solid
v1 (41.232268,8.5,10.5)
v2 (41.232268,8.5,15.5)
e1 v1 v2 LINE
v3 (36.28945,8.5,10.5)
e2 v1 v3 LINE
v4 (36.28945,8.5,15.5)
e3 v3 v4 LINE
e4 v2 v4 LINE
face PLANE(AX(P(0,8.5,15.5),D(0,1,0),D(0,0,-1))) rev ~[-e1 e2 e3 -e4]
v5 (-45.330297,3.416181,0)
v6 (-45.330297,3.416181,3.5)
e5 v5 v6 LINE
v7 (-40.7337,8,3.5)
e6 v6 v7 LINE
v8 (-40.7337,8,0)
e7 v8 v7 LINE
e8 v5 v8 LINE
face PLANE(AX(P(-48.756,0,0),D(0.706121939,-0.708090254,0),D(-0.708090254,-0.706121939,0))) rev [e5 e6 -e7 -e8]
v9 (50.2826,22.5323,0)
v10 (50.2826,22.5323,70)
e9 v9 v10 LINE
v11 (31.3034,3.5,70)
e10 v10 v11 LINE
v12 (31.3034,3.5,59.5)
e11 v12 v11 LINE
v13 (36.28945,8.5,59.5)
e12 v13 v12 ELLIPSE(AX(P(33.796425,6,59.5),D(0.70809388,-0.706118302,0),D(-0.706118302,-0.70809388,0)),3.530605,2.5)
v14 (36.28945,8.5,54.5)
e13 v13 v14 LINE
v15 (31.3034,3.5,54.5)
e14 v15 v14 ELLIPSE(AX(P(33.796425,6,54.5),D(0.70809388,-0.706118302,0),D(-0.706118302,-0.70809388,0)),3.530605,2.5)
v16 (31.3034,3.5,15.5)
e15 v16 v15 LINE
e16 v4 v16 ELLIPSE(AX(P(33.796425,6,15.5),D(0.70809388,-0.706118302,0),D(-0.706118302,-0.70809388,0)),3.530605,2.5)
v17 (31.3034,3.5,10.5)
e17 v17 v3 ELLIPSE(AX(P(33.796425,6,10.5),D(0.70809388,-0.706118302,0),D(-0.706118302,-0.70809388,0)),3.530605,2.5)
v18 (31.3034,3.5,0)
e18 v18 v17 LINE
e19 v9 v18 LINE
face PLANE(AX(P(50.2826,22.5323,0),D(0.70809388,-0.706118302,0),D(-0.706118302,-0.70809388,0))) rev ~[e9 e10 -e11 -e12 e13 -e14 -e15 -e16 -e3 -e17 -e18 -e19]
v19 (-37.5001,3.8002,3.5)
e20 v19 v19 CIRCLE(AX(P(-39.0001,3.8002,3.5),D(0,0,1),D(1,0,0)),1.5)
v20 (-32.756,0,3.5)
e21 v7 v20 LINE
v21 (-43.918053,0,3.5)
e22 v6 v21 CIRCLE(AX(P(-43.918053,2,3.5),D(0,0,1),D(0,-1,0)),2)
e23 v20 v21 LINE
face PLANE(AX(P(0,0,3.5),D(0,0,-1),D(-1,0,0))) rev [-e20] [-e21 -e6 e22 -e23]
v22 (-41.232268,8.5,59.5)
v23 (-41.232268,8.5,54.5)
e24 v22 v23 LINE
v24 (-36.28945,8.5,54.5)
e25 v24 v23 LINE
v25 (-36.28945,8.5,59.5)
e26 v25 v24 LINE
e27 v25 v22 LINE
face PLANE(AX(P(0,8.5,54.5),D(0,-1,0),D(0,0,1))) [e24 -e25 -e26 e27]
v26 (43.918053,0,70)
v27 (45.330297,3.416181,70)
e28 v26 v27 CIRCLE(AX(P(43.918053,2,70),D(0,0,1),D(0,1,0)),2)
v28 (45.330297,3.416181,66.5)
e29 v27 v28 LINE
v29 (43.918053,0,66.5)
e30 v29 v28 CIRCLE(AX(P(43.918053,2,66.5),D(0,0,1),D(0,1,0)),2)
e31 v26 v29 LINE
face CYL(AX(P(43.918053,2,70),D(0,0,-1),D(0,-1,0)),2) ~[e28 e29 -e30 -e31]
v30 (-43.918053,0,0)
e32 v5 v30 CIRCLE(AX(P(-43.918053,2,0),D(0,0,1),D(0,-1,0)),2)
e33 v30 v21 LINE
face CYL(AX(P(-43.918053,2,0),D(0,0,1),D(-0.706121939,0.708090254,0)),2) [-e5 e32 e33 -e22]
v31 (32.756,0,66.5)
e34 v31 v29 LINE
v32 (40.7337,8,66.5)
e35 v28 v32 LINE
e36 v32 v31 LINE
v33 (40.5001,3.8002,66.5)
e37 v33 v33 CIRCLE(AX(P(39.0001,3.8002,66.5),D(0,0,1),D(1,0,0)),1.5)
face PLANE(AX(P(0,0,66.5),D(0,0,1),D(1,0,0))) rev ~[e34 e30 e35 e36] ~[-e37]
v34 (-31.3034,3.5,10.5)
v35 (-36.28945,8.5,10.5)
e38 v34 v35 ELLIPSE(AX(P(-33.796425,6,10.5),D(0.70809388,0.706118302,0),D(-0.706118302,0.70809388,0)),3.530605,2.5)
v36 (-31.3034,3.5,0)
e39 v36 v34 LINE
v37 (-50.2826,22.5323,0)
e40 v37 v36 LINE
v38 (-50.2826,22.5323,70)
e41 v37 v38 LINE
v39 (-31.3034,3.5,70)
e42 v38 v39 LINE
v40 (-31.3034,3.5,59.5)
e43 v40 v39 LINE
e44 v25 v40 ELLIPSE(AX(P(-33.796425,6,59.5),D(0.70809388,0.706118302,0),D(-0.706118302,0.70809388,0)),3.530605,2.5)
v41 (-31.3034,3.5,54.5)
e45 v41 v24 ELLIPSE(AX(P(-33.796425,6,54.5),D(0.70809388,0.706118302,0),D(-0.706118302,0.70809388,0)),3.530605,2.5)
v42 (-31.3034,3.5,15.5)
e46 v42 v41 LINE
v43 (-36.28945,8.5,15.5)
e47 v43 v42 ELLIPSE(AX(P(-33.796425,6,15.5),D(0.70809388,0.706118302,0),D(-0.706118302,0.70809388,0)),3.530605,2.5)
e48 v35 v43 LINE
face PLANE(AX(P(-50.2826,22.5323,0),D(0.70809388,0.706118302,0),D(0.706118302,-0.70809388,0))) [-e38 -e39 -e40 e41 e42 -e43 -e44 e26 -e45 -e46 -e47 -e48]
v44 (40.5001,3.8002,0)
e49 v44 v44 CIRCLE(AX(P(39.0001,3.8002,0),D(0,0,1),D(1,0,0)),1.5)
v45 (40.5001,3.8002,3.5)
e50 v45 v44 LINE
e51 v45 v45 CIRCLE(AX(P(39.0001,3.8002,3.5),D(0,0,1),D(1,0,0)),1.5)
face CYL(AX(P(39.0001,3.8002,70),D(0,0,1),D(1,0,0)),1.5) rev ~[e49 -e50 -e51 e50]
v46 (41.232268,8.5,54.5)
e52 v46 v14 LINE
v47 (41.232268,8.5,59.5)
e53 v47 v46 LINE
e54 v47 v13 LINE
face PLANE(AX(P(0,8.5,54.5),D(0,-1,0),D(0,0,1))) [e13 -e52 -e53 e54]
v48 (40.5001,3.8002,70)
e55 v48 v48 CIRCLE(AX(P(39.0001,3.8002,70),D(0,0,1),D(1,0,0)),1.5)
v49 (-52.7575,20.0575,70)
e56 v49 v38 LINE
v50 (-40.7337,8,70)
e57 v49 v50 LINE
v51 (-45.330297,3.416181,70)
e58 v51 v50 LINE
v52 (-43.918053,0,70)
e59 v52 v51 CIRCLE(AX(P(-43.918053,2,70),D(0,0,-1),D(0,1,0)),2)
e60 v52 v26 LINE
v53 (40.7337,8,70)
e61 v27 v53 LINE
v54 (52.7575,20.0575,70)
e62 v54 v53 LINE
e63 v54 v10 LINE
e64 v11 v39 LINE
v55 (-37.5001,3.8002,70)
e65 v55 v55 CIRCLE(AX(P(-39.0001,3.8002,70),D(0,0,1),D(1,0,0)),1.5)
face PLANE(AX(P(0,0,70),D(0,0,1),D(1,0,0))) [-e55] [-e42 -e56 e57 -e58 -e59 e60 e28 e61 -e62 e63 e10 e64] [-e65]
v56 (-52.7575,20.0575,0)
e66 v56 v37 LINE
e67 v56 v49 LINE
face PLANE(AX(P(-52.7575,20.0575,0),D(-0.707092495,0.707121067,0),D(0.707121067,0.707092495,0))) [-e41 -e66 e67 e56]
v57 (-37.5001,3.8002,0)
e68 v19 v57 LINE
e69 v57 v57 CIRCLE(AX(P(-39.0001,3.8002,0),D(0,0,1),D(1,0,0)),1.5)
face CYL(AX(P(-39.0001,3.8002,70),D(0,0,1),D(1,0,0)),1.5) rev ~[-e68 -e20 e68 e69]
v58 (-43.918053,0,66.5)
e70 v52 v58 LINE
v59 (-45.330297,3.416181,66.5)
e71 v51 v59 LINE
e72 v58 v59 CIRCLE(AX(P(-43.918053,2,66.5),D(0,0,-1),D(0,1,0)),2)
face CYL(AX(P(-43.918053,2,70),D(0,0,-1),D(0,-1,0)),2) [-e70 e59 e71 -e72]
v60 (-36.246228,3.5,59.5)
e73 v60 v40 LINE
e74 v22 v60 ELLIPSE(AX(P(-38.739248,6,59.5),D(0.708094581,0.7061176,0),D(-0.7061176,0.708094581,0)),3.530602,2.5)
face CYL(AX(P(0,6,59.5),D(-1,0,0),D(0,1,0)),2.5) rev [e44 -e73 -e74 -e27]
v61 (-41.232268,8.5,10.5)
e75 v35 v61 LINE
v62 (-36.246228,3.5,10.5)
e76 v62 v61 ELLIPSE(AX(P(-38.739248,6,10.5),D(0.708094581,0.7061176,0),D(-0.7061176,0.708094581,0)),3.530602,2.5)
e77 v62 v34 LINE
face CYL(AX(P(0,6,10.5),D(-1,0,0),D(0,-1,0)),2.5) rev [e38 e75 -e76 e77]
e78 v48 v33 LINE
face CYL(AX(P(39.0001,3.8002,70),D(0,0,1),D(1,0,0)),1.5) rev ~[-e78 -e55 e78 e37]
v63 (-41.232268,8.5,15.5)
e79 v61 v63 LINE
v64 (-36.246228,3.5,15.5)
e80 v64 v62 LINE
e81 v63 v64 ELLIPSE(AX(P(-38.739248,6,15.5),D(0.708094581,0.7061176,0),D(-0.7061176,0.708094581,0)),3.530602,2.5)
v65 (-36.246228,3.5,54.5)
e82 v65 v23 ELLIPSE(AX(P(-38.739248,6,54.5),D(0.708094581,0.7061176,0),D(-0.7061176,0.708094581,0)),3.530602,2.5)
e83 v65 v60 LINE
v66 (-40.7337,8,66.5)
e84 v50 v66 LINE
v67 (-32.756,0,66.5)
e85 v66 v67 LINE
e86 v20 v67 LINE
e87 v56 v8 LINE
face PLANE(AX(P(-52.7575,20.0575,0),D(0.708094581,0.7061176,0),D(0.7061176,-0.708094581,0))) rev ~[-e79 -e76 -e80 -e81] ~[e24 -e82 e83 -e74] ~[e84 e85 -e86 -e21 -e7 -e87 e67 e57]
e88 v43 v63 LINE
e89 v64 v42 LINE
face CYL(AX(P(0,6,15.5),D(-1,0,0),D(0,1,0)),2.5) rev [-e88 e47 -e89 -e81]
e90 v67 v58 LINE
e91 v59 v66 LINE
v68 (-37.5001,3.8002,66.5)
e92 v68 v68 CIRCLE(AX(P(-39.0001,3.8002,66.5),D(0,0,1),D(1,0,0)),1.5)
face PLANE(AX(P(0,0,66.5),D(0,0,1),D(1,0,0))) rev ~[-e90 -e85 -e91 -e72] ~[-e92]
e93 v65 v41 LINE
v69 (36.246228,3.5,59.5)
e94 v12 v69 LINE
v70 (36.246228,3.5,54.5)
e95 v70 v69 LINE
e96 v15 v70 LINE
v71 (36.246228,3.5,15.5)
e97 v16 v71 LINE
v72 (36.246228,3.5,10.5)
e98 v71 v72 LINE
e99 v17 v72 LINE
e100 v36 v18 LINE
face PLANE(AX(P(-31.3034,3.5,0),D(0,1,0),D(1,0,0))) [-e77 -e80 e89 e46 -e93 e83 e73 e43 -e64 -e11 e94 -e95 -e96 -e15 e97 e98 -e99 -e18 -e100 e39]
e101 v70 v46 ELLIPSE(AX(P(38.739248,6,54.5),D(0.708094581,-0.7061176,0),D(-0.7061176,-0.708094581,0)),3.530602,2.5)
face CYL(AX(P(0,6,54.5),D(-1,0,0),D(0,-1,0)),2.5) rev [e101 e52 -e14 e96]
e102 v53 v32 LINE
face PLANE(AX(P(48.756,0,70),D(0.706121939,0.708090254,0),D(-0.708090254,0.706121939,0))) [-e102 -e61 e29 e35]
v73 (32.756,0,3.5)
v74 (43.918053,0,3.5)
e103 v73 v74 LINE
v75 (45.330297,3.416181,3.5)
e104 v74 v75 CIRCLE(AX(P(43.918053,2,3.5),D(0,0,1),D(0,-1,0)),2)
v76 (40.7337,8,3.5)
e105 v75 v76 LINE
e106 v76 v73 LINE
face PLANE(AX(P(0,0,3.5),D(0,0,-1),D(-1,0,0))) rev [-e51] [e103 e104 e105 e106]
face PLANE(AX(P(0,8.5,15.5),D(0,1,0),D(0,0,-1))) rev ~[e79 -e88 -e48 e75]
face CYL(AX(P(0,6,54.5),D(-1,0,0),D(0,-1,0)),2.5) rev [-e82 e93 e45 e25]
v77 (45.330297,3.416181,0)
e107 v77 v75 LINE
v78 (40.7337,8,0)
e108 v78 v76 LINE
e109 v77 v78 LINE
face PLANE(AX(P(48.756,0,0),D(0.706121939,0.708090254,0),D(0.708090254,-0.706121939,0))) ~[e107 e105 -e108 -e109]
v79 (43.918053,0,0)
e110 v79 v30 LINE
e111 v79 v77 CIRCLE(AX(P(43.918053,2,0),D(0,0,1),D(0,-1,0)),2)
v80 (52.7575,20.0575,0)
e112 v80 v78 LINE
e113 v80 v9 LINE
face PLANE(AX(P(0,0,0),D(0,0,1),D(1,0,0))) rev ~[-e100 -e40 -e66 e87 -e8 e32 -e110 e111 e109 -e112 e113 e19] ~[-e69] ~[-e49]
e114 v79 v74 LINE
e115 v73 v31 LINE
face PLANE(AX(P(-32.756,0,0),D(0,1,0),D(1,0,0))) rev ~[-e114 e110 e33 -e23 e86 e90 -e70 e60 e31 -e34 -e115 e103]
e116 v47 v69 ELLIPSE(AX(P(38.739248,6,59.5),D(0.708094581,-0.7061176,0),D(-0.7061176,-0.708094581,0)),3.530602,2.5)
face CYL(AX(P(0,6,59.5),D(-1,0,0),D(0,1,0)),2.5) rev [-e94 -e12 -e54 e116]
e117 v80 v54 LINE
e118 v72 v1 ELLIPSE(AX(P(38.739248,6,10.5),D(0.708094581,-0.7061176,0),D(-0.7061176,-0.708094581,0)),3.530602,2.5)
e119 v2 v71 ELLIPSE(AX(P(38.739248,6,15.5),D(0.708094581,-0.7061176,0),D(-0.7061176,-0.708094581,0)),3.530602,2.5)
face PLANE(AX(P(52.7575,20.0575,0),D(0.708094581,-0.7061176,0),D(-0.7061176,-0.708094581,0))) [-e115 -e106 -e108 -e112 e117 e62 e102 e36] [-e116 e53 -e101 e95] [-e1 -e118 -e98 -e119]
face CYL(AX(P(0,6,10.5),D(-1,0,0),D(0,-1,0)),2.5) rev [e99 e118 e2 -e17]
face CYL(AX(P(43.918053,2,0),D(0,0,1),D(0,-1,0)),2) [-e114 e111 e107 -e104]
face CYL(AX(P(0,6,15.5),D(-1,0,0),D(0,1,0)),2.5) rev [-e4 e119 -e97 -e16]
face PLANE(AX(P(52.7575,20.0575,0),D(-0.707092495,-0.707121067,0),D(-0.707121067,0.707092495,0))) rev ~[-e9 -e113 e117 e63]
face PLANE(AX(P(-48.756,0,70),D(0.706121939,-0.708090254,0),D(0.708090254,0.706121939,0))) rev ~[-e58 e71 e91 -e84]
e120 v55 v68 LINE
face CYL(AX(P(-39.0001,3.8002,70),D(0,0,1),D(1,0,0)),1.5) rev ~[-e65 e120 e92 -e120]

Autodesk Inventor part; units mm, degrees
ref_plane "YZ Plane" through (0, 0, 0) normal (1, 0, 0) x (0, 1, 0)
ref_plane "XZ Plane" through (0, 0, 0) normal (0, 1, 0) x (-1, 0, 0)
sketch "Boceto1" plane through (0, 0, 0) normal (0, 0, 1) x (1, 0, 0)
  line L0 (-52.7575, 20.0575) -> (-32.756, 0)
  line L1 (-32.756, 0) -> (0, 0)
  line L2 (-52.7575, 20.0575) -> (-50.2826, 22.5323)
  line L3 (-52.7575, 20.0575) -> (-49.2575, 20.0575) construction
  line L4 (-50.2826, 22.5323) -> (-31.3034, 3.5)
  line L5 (-31.3034, 3.5) -> (0, 3.5)
  line L6 (0, 0) -> (0, -9.9685) construction
  line L7 (52.7575, 20.0575) -> (32.756, 0)
  line L8 (32.756, 0) -> (0, 0)
  line L9 (52.7575, 20.0575) -> (50.2826, 22.5323)
  line L10 (50.2826, 22.5323) -> (31.3034, 3.5)
  line L11 (31.3034, 3.5) -> (0, 3.5)
  dimension "d0" = 45
  dimension "d1" = 134.92
  dimension "d2" = 3.5
  dimension "d3" = 3.5
  dimension "d4" = 28.326
  dimension "d5" = 32.756
extrude "Extrusión1" add sketch "Boceto1" along normal blind 70
sketch "Boceto2" plane through (0, 0, 70) normal (0, 0, 1) x (1, 0, 0)
  line L0 (-52.7575, 20.0575) -> (-32.756, 0) projected
  line L1 (-32.756, 0) -> (-48.756, 0)
  line L2 (-48.756, 0) -> (-40.7337, 8)
  line L3 (0, 0) -> (0, -7.1041) construction
  line L4 (52.7575, 20.0575) -> (32.756, 0)
  line L5 (32.756, 0) -> (48.756, 0)
  line L6 (48.756, 0) -> (40.7337, 8)
  point P0 (-47.756, 15.0419)
  dimension "d12" = 16
extrude "Extrusión2" add sketch "Boceto2" against normal blind 3.5
ref_plane "Plano de trabajo1" through (0, 0, 35) normal (0, 0, 1) x (1, 0, 0)
mirror "Simetría1" about plane through (0, 0, 35) normal (0, 0, 1) of "Extrusión2"
sketch "Boceto3" plane through (0, 0, 70) normal (0, 0, 1) x (1, 0, 0)
  circle A0 centre (-39.0001, 3.8002) radius 1.5
  line L0 (-39.0001, 3.8002) -> (-37.7694, 5.0275) construction
  line L1 (-32.756, 0) -> (-40.7337, 8) projected
  line L2 (0, 0) -> (0, -3.5463) construction
  circle A1 centre (39.0001, 3.8002) radius 1.5
  dimension "d13" = 3
  dimension "d14" = 7.1
  dimension "d15" = 1.738
extrude "Extrusión3" cut sketch "Boceto3" against normal through all
fillet "Empalme1" radius 2 4 edges at (-48.756, 0, 68.25) (48.756, 0, 68.25) (48.756, 0, 1.75) (-48.756, 0, 1.75)
sketch "Boceto4" plane through (0, 0, 0) normal (1, 0, 0) x (0, 1, 0)
  line L0 (6, 62) -> (6, 52) construction
  line L1 (3.5, 59.5) -> (3.5, 54.5)
  line L2 (8.5, 54.5) -> (8.5, 59.5)
  arc A0 (8.5, 59.5) -> (3.5, 59.5) centre (6, 59.5) ccw
  arc A1 (3.5, 54.5) -> (8.5, 54.5) centre (6, 54.5) ccw
  line L3 (3.5, 70) -> (22.5323, 70) projected
  line L4 (3.5, 0) -> (3.5, 70) projected
  line L5 (0, 3.5) -> (0, 66.5) projected
  line L6 (0, 35) -> (-5.0365, 35) construction
  line L7 (3.5, 10.5) -> (3.5, 15.5)
  line L8 (8.5, 15.5) -> (8.5, 10.5)
  arc A2 (3.5, 10.5) -> (8.5, 10.5) centre (6, 10.5) ccw
  arc A3 (8.5, 15.5) -> (3.5, 15.5) centre (6, 15.5) ccw
  point P0 (0, 0)
  point P1 (6, 57)
  point P2 (3.5, 57)
  point P3 (3.5, 15.5)
  point P4 (3.5, 10.5)
  dimension "d19" = 10
  dimension "d20" = 5
  dimension "d21" = 8
extrude "Extrusión4" cut sketch "Boceto4" along normal through all both and the other way through all
properties part number "Soporte_electronica"
